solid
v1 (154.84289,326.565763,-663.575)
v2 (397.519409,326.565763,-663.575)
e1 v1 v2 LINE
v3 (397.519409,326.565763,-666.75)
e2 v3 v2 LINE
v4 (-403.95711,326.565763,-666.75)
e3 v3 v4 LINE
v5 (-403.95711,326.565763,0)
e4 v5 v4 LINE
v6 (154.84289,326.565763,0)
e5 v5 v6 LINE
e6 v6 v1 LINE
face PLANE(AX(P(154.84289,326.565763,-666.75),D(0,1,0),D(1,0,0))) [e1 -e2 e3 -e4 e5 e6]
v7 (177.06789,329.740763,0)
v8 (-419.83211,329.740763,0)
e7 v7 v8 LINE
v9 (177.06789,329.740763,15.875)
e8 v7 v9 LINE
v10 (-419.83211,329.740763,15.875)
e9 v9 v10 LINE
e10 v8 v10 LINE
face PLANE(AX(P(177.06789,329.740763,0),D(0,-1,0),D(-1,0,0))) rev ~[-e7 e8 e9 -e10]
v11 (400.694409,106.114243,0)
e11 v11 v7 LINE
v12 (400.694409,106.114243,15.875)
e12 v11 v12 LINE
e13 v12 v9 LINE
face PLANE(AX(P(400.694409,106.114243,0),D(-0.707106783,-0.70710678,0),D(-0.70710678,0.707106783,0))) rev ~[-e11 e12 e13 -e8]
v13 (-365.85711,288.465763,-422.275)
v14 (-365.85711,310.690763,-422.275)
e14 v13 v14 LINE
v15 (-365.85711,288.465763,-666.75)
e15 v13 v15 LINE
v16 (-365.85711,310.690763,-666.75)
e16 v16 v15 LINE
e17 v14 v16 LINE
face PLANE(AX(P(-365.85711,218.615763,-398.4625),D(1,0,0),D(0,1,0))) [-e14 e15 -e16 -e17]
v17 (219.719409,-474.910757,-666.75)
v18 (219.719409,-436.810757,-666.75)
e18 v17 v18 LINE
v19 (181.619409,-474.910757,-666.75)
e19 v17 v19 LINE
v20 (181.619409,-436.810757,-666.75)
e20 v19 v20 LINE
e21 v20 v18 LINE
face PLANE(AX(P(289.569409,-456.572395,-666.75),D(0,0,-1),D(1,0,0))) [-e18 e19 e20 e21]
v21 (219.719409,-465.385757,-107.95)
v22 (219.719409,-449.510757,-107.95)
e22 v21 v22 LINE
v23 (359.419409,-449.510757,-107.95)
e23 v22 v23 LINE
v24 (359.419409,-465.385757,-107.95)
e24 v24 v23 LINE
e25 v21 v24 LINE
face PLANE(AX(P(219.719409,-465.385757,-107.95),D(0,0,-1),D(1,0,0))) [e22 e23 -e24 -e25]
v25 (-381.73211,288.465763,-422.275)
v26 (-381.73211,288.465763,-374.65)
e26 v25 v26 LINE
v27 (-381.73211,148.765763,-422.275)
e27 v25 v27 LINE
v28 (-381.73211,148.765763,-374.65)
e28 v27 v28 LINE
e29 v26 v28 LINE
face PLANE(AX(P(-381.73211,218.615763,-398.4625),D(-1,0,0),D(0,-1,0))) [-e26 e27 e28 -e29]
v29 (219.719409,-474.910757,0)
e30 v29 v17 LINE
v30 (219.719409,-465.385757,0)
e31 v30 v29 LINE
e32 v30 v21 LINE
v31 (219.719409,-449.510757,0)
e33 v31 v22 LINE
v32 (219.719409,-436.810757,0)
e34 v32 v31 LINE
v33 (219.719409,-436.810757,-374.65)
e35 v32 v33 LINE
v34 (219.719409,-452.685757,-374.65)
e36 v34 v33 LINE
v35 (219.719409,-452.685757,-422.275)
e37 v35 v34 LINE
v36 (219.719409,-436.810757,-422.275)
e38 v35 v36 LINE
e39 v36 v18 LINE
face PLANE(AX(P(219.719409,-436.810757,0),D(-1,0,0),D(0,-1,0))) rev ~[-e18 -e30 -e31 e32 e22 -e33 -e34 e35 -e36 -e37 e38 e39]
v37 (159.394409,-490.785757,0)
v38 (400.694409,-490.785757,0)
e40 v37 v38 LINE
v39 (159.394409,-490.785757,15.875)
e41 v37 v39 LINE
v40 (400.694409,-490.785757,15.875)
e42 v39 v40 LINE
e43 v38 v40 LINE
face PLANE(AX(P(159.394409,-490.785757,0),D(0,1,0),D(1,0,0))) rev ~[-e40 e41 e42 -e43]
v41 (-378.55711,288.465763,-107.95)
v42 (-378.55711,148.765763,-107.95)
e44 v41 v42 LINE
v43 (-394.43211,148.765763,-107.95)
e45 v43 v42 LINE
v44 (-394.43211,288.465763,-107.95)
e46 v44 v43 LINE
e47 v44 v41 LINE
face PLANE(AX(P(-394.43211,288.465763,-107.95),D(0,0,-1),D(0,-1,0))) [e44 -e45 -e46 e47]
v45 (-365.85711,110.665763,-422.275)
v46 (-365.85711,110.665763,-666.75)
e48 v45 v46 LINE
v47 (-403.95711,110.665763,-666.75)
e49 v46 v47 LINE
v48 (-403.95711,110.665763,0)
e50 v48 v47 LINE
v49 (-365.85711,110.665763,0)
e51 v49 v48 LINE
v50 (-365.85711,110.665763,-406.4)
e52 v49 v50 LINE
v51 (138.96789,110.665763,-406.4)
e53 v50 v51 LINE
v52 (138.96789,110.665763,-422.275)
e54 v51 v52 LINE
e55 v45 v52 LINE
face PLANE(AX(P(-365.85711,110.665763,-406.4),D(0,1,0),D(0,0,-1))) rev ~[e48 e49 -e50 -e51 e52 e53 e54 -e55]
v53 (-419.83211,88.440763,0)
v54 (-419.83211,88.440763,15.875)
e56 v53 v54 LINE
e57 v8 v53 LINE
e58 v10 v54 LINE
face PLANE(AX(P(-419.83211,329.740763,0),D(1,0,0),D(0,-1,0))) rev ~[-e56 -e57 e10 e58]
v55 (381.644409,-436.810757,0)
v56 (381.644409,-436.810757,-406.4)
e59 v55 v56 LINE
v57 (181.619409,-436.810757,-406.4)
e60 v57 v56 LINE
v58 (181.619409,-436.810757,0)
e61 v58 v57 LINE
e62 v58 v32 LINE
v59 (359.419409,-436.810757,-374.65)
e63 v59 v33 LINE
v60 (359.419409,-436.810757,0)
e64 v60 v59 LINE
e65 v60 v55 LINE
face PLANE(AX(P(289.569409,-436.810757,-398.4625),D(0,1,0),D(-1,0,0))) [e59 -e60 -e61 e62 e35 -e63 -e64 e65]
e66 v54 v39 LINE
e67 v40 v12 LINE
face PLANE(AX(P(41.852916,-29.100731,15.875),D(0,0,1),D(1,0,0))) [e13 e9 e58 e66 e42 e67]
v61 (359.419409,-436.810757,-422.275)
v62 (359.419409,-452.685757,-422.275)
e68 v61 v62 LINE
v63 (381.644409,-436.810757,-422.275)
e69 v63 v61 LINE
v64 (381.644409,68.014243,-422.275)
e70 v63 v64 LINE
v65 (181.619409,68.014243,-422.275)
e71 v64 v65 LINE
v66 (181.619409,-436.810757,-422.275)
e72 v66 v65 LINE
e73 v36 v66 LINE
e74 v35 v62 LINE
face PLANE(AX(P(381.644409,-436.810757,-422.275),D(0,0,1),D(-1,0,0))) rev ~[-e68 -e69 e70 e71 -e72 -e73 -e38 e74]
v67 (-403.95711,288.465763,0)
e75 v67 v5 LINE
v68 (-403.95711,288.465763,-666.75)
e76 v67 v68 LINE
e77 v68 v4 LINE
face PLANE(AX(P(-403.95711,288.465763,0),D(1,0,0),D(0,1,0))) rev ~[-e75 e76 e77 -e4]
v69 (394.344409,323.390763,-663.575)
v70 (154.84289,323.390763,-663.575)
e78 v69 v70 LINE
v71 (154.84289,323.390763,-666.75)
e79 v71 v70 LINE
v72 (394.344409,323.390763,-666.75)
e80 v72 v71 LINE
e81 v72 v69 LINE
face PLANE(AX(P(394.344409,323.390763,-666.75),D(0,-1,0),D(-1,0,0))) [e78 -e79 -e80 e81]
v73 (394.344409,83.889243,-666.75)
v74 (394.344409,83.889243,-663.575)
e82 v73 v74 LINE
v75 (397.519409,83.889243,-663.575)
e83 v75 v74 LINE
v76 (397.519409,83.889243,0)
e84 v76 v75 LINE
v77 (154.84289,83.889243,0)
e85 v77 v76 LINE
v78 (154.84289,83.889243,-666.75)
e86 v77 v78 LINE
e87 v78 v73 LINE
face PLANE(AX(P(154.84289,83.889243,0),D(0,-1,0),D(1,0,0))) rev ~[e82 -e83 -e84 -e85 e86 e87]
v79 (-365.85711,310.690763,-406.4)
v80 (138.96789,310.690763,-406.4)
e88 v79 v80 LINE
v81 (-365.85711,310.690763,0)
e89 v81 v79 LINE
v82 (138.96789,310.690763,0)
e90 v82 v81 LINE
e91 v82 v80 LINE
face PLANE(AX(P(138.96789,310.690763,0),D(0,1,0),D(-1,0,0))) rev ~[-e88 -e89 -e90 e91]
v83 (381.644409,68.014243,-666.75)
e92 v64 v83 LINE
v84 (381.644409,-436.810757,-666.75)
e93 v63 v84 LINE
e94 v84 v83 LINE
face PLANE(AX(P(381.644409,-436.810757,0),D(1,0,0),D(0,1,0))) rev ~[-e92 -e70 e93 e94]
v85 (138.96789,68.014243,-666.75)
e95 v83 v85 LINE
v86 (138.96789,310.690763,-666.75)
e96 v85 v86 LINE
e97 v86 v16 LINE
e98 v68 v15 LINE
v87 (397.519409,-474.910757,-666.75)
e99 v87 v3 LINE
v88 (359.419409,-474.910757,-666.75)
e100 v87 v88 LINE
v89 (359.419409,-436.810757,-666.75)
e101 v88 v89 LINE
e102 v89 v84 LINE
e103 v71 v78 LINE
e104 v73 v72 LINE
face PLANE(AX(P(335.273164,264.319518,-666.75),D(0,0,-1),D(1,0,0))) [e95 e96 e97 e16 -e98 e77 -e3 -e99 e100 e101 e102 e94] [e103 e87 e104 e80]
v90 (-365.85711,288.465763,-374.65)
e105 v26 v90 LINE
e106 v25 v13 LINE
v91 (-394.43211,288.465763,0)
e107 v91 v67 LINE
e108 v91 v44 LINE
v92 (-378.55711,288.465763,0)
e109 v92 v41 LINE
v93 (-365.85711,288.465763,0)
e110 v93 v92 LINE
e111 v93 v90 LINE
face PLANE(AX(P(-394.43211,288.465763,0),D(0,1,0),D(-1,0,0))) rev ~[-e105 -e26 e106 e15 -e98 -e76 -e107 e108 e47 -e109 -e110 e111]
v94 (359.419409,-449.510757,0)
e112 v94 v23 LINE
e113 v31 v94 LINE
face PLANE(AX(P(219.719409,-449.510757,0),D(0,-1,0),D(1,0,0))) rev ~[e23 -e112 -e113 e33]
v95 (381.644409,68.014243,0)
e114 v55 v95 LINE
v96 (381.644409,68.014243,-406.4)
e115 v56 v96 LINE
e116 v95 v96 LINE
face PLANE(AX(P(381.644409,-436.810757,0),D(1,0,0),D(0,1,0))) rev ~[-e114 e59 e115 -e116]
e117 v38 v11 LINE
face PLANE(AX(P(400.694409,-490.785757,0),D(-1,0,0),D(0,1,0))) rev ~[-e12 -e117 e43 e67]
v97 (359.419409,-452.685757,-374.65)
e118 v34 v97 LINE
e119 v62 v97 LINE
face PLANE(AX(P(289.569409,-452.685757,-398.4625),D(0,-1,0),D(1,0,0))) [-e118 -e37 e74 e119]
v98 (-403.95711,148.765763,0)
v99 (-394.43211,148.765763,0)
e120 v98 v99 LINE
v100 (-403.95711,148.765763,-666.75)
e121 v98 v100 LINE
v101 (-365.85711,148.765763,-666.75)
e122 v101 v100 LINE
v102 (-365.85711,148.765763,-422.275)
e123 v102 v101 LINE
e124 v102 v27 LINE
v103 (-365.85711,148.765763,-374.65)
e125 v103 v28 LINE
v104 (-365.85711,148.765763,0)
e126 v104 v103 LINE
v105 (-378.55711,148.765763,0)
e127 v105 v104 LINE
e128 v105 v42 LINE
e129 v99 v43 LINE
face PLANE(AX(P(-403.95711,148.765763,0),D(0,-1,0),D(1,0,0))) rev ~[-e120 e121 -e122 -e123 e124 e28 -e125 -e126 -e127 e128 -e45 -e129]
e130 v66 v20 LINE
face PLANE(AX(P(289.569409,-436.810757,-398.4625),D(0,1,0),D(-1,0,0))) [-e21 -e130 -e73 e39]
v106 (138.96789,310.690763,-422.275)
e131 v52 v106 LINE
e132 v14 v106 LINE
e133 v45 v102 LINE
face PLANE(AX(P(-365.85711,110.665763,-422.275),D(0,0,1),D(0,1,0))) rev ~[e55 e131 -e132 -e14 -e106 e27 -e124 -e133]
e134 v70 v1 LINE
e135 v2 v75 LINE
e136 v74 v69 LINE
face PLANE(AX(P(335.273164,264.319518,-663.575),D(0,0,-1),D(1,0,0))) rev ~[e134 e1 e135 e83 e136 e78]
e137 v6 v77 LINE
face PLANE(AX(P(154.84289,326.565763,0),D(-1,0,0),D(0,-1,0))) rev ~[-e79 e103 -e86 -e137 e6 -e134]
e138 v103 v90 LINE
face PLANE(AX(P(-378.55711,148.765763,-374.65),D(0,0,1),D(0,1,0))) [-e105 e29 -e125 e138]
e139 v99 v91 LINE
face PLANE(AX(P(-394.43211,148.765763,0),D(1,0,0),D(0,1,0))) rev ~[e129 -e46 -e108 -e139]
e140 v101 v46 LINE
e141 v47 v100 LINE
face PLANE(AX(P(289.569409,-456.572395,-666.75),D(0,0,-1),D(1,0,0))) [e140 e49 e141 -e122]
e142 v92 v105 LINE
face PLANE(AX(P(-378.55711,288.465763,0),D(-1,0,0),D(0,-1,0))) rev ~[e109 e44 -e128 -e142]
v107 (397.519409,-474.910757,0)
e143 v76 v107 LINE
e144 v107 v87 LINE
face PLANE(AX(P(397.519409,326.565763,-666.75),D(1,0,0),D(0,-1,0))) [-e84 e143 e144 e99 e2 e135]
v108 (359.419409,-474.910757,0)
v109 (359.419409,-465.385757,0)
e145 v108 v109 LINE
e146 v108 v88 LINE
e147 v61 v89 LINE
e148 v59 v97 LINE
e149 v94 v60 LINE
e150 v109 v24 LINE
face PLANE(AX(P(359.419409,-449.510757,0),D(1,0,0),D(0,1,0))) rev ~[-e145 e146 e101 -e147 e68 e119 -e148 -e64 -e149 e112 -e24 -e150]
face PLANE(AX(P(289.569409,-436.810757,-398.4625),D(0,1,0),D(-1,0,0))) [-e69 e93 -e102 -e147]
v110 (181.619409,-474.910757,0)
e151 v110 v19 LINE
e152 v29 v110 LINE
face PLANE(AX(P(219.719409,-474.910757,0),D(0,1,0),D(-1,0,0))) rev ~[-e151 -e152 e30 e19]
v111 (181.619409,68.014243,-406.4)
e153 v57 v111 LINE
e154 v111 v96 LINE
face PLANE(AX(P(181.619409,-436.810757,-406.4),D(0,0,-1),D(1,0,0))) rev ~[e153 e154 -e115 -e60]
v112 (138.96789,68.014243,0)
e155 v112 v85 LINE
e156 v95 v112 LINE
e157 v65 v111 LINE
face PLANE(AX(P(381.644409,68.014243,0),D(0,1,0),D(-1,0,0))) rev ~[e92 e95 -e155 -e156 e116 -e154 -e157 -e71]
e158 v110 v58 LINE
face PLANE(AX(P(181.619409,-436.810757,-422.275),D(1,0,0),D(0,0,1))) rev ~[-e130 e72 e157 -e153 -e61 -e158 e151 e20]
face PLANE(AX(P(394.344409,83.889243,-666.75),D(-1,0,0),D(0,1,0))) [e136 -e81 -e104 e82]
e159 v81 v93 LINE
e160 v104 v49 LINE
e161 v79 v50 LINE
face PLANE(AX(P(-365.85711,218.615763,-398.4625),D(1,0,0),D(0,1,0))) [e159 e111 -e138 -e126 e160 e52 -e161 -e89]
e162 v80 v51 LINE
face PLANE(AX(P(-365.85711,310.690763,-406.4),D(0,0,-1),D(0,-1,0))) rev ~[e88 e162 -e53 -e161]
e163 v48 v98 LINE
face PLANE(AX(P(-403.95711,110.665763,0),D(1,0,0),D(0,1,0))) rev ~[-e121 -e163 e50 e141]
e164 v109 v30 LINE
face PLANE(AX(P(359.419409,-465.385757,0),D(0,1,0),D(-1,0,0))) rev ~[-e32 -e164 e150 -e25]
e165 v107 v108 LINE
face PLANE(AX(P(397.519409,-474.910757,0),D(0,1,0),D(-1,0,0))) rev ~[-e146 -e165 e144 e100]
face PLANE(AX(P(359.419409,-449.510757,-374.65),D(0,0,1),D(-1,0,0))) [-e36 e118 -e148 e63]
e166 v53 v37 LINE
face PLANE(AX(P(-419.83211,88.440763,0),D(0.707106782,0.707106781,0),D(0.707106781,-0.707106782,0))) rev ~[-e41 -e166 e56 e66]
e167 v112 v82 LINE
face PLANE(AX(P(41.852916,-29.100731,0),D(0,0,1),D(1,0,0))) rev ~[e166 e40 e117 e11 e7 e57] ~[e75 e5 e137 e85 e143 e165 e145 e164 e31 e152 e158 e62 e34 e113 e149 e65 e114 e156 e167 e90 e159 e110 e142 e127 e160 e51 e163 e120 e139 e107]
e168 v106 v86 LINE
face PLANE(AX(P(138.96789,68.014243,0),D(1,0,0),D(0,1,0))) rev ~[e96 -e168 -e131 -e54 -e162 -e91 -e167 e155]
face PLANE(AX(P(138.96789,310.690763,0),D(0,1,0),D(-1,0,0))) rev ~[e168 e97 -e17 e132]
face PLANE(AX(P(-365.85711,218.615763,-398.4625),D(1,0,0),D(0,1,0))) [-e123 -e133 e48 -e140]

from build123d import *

# Parameters (mm, degrees)
F1_DEPTH  = 15.875
F3_DEPTH  = 666.75
F4_W      = 139.7
F4_H      = 266.7
F4_H_2    = 244.475
F5_DEPTH  = 25.4
F6_W      = 139.7
F6_H      = 47.625
F7_DEPTH  = 12.7
F8_W      = 139.7
F8_H      = 47.625
F9_DEPTH  = 12.7
F10_W     = 139.7
F10_H     = 266.7
F10_H_2   = 244.475
F11_DEPTH = 25.4
F12_W     = 139.7
F12_H     = 47.625
F13_DEPTH = 12.7
F14_W     = 139.7
F14_H     = 47.625
F15_DEPTH = 12.7
F17_DEPTH = 504.825
F19_DEPTH = 504.825
F21_DEPTH = 3.175


with BuildPart() as f1:
    # F0 (on Top) → F1 (new body)
    with BuildSketch(Plane.XY):
        Polygon((177.06789, 329.740763), (-419.83211, 329.740763), (-419.83211, 88.440763), (159.394409, -490.785757), (400.694409, -490.785757), (400.694409, 106.114243), align=None)
    extrude(amount=F1_DEPTH)

    # F2 (on face) → F3 (join)
    with BuildSketch(Plane(origin=(0, 0, 0), x_dir=(1, 0, 0), z_dir=(0, 0, -1))):
        Polygon((397.519409, 436.810757), (397.519409, 474.910757), (359.419409, 474.910757), (359.419409, 465.385757), (219.719409, 465.385757), (219.719409, 474.910757), (181.619409, 474.910757), (181.619409, 436.810757), (219.719409, 436.810757), (219.719409, 449.510757), (359.419409, 449.510757), (359.419409, 436.810757), (381.644409, 436.810757), align=None)
        Polygon((397.519409, -83.889243), (397.519409, 436.810757), (381.644409, 436.810757), (381.644409, -68.014243), (138.96789, -68.014243), (138.96789, -310.690763), (-365.85711, -310.690763), (-365.85711, -326.565763), (154.84289, -326.565763), (154.84289, -310.690763), (154.84289, -83.889243), (381.644409, -83.889243), align=None)
        Polygon((-365.85711, -326.565763), (-365.85711, -310.690763), (-365.85711, -288.465763), (-378.55711, -288.465763), (-378.55711, -148.765763), (-365.85711, -148.765763), (-365.85711, -110.665763), (-403.95711, -110.665763), (-403.95711, -148.765763), (-394.43211, -148.765763), (-394.43211, -288.465763), (-403.95711, -288.465763), (-403.95711, -326.565763), align=None)
    extrude(amount=F3_DEPTH)

    # F4 (on face) → F5 (cut)
    with BuildSketch(Plane(origin=(-394.43211, 0, 0), x_dir=(0, -1, 0), z_dir=(-1, 0, 0))):
        with Locations((-218.615763, -241.3)):
            Rectangle(F4_W, F4_H)
        with Locations((-218.615763, -544.5125)):
            Rectangle(F4_W, F4_H_2)
    extrude(amount=-F5_DEPTH, mode=Mode.SUBTRACT)

    # F6 (on face) → F7 (join)
    with BuildSketch(Plane.YZ.offset(-378.55711)):
        with Locations((218.615763, -398.4625)):
            Rectangle(F6_W, F6_H)
    extrude(amount=F7_DEPTH)

    # F8 (on face) → F9 (cut)
    with BuildSketch(Plane(origin=(-394.43211, 0, 0), x_dir=(0, -1, 0), z_dir=(-1, 0, 0))):
        with Locations((-218.615763, -398.4625)):
            Rectangle(F8_W, F8_H)
    extrude(amount=-F9_DEPTH, mode=Mode.SUBTRACT)

    # F10 (on face) → F11 (cut)
    with BuildSketch(Plane.XZ.offset(465.385757)):
        with Locations((289.569409, -241.3)):
            Rectangle(F10_W, F10_H)
        with Locations((289.569409, -544.5125)):
            Rectangle(F10_W, F10_H_2)
    extrude(amount=-F11_DEPTH, mode=Mode.SUBTRACT)

    # F12 (on face) → F13 (join)
    with BuildSketch(Plane(origin=(0, -449.510757, 0), x_dir=(-1, 0, 0), z_dir=(0, 1, 0))):
        with Locations((-289.569409, -398.4625)):
            Rectangle(F12_W, F12_H)
    extrude(amount=F13_DEPTH)

    # F14 (on face) → F15 (cut)
    with BuildSketch(Plane.XZ.offset(465.385757)):
        with Locations((289.569409, -398.4625)):
            Rectangle(F14_W, F14_H)
    extrude(amount=-F15_DEPTH, mode=Mode.SUBTRACT)

    # F16 (on face) → F17 (join)
    with BuildSketch(Plane.YZ.offset(-365.85711)):
        Polygon((148.765763, -422.275), (288.465763, -422.275), (310.690763, -422.275), (310.690763, -406.4), (110.665763, -406.4), (110.665763, -422.275), align=None)
    extrude(amount=F17_DEPTH)

    # F18 (on face) → F19 (join)
    with BuildSketch(Plane(origin=(0, -436.810757, 0), x_dir=(-1, 0, 0), z_dir=(0, 1, 0))):
        Polygon((-381.644409, -422.275), (-359.419409, -422.275), (-219.719409, -422.275), (-181.619409, -422.275), (-181.619409, -406.4), (-381.644409, -406.4), align=None)
    extrude(amount=F19_DEPTH)

    # F20 (on face) → F21 (join)
    with BuildSketch(Plane(origin=(0, 0, -666.75), x_dir=(1, 0, 0), z_dir=(0, 0, -1))):
        Polygon((154.84289, -323.390763), (154.84289, -326.565763), (397.519409, -326.565763), (397.519409, -83.889243), (394.344409, -83.889243), (394.344409, -323.390763), align=None)
    extrude(amount=-F21_DEPTH)


solid = f1.part
